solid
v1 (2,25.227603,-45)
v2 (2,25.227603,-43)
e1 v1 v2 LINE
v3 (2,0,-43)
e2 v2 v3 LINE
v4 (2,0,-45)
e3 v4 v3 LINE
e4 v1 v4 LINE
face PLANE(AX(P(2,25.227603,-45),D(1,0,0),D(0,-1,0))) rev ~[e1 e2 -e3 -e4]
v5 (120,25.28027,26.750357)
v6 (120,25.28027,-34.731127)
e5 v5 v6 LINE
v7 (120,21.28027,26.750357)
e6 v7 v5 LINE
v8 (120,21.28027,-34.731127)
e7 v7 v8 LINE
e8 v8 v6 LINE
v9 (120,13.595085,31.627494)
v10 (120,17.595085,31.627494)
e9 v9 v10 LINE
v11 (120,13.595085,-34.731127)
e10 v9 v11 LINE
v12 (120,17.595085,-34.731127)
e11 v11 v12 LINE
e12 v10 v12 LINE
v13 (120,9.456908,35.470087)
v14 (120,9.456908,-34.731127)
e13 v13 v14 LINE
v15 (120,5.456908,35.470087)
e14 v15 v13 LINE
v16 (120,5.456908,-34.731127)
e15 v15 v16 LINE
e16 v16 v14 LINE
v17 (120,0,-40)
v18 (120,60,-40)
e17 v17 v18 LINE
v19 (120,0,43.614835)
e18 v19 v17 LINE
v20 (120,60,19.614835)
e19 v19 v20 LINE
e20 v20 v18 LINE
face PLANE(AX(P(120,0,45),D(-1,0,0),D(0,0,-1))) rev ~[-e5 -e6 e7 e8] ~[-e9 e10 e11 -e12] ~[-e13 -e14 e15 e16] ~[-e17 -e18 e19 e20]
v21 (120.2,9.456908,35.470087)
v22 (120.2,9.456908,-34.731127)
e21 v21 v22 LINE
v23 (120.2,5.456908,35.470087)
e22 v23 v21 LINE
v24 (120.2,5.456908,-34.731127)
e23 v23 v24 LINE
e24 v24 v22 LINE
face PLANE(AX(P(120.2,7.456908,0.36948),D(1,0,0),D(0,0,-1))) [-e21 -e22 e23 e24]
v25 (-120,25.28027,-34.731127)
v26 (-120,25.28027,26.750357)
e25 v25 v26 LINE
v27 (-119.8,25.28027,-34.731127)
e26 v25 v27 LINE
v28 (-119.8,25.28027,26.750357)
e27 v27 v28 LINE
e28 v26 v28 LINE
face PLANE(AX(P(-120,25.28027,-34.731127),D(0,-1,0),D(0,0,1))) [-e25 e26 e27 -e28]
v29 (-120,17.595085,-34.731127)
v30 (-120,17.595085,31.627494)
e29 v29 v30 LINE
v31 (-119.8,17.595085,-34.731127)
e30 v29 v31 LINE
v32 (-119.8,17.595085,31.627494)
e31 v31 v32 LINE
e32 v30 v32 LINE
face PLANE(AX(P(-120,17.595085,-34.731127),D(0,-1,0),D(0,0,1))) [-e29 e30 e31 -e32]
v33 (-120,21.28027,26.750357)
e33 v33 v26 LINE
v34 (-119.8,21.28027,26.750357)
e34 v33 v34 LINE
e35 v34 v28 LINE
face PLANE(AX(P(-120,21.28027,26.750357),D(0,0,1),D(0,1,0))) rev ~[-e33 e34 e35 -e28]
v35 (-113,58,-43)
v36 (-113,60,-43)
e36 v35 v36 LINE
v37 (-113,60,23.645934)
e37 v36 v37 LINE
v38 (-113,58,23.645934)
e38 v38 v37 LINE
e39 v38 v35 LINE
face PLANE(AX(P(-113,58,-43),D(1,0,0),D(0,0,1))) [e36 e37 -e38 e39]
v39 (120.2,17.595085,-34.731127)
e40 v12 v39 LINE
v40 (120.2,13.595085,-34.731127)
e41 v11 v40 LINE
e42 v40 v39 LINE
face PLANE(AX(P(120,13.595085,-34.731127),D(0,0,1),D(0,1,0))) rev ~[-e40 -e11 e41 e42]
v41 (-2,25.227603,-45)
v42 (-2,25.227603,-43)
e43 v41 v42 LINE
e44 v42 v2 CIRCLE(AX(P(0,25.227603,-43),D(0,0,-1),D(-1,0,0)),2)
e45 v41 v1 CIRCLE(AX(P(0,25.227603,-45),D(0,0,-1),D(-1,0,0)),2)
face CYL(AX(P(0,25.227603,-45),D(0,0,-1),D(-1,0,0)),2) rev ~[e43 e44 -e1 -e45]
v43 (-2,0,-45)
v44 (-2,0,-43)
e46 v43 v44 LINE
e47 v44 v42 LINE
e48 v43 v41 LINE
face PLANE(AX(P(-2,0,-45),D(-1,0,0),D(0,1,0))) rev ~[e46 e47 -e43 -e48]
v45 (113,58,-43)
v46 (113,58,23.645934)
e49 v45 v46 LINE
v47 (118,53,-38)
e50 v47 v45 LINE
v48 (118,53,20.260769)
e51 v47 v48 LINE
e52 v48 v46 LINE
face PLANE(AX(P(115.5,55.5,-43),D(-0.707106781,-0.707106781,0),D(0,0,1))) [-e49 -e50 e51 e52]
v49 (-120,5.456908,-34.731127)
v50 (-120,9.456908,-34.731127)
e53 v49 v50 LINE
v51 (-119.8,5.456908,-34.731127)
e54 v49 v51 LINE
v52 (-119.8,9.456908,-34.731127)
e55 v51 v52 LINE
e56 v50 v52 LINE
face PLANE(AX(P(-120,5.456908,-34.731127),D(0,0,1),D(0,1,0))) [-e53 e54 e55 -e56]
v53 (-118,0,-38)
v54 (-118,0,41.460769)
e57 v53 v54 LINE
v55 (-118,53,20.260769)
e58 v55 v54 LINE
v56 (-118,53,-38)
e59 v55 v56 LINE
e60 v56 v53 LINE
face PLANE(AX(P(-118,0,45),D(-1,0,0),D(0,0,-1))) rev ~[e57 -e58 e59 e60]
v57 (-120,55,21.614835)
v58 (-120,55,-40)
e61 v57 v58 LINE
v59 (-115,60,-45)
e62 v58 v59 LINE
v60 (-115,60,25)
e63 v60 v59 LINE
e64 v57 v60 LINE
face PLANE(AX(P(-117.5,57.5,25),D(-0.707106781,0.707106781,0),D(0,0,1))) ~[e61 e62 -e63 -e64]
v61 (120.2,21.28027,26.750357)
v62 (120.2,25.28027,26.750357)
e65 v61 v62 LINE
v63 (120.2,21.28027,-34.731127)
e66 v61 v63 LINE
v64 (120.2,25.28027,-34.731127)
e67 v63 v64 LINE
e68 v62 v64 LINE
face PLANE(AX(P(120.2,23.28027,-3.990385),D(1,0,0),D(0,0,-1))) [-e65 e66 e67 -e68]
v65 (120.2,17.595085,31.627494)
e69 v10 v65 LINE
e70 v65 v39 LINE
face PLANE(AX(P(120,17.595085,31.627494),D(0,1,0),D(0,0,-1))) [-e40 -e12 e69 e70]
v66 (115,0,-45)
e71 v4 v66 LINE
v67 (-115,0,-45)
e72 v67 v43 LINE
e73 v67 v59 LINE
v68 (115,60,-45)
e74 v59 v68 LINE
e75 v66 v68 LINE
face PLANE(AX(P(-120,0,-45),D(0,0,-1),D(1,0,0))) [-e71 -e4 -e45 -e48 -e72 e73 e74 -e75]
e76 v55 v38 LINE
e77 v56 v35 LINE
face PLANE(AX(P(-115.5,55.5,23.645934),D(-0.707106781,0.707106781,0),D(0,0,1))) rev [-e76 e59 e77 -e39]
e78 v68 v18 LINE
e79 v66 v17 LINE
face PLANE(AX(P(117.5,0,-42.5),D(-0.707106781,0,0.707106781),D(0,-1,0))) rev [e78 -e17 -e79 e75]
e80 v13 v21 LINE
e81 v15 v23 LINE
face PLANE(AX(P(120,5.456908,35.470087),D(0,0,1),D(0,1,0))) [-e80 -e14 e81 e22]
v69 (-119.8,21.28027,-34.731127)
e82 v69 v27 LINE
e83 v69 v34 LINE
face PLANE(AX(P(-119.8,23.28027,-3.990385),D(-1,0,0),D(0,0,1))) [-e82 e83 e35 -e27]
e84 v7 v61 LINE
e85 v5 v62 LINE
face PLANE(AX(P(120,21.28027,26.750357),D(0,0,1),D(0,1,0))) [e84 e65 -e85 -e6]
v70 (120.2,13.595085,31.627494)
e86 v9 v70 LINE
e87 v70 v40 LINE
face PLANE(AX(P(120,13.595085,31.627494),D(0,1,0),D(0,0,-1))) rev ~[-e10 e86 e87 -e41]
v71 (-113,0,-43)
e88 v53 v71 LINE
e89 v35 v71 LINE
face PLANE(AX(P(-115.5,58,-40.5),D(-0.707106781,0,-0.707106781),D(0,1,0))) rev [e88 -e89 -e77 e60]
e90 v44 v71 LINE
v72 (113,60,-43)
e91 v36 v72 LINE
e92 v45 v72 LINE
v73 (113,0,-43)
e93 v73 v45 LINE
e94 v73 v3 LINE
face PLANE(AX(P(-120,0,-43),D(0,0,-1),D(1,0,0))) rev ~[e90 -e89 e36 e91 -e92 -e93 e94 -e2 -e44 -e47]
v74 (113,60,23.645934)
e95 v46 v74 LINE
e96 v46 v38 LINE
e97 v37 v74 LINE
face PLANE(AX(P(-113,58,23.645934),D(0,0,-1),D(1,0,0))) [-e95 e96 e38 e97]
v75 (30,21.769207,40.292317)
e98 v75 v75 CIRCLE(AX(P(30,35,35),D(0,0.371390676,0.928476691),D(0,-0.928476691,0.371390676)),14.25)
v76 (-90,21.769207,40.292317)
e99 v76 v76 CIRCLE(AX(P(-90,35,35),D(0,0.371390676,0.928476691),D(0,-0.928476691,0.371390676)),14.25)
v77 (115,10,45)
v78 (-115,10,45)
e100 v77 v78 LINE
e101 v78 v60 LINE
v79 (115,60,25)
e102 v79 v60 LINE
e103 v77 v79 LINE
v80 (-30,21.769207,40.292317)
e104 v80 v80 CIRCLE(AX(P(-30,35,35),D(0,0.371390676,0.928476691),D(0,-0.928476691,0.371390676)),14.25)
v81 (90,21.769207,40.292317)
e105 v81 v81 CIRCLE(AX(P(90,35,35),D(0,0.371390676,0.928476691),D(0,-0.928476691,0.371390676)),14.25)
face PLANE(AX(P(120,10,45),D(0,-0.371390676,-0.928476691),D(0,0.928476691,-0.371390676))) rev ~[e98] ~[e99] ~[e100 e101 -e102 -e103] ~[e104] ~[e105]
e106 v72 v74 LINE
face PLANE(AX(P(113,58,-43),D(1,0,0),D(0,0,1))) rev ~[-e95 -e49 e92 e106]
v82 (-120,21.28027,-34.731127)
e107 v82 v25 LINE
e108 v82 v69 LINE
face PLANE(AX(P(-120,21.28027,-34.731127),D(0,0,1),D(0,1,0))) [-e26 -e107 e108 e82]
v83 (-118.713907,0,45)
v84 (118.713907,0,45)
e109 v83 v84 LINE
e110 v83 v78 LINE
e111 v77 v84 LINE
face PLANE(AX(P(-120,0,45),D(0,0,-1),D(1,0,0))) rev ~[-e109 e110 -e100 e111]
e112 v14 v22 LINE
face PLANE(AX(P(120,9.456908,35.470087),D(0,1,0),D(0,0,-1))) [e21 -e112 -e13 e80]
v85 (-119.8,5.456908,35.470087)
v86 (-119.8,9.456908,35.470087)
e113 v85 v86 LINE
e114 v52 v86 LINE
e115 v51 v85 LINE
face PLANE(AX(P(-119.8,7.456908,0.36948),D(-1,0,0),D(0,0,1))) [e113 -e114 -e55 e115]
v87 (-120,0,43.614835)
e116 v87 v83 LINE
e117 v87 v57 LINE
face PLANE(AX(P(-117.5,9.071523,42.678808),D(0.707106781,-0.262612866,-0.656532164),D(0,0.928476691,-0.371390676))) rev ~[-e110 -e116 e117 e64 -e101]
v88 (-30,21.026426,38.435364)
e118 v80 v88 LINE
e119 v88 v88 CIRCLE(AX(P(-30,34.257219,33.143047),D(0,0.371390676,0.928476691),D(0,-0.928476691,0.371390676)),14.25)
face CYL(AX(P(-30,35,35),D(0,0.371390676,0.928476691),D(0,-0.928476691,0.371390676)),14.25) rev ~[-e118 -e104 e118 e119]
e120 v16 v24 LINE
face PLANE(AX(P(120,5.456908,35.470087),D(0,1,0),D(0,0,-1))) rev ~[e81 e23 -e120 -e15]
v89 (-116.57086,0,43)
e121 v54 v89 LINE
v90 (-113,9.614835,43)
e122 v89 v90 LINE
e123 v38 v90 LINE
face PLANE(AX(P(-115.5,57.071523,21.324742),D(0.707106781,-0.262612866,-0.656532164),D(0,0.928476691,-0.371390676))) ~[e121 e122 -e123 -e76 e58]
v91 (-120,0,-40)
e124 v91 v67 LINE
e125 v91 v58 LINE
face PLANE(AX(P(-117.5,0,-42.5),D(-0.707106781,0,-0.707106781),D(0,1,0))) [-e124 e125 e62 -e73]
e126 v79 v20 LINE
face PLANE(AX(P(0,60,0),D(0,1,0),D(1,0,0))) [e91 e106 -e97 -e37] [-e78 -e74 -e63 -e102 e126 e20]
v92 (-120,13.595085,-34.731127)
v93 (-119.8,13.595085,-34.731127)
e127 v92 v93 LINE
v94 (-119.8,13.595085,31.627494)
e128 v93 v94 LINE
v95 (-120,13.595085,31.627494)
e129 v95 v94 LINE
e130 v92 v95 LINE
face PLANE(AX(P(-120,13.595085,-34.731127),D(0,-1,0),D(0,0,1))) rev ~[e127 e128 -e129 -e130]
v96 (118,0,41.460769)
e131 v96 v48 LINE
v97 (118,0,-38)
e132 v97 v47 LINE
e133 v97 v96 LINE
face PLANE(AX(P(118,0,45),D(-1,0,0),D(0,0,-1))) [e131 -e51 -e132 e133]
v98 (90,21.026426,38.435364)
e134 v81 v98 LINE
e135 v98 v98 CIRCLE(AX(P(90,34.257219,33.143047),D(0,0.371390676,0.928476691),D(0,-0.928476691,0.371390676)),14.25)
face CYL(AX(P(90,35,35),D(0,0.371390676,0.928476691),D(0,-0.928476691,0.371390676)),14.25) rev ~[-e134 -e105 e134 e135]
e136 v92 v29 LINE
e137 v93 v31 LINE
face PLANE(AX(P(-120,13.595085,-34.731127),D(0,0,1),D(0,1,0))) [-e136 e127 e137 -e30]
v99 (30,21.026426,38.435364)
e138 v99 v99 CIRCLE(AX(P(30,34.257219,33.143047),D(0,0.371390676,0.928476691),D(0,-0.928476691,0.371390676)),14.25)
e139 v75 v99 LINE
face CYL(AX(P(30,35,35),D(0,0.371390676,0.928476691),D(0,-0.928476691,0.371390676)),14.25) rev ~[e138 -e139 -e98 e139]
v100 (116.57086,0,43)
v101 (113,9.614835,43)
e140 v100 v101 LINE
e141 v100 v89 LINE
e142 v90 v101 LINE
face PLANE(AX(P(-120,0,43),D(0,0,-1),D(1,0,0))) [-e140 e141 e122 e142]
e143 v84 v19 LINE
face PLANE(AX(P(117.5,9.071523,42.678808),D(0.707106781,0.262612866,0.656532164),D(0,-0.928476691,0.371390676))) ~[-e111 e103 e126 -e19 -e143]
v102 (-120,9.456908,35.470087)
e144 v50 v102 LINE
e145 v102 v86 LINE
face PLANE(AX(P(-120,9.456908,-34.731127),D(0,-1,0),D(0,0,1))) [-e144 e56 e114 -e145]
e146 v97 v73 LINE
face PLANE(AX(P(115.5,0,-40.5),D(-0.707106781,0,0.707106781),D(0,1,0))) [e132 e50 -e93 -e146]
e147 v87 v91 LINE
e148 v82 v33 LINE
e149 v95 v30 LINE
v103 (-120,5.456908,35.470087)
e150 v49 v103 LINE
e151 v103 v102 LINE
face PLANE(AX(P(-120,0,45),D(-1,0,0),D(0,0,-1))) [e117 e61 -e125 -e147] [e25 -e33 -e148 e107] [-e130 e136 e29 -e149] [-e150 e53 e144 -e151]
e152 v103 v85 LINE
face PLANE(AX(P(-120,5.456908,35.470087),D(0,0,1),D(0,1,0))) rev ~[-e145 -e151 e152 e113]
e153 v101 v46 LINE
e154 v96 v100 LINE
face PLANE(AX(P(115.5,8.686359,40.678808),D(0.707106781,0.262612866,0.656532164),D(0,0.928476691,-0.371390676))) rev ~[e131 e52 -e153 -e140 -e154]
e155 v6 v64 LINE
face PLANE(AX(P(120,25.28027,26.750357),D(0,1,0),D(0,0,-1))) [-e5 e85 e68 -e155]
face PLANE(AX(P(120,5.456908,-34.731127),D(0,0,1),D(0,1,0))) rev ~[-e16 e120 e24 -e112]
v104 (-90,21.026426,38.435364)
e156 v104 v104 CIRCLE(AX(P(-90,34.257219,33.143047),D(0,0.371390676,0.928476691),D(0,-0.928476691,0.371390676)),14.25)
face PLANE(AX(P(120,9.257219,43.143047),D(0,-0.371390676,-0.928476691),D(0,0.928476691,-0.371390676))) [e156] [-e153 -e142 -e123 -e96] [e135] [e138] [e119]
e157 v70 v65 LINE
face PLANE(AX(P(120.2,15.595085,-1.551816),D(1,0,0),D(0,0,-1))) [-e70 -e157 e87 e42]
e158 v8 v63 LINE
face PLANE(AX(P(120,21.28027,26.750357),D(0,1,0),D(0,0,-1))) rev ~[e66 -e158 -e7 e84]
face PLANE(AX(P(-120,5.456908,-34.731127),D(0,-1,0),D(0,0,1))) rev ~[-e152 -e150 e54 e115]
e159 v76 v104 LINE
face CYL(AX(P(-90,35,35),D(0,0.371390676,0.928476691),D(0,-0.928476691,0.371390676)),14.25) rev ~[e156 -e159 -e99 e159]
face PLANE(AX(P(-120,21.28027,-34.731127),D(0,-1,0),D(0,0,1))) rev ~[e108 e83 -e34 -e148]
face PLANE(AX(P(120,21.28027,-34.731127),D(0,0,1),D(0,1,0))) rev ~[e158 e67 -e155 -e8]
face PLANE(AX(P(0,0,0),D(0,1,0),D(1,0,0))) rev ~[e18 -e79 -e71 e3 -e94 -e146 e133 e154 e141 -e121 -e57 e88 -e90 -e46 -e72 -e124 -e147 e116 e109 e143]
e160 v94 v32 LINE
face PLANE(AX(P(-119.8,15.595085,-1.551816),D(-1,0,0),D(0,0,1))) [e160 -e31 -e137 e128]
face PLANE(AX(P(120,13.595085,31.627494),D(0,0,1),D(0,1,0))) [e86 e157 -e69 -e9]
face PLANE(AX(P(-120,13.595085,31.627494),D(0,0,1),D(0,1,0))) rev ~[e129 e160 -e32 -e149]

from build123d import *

# Parameters (mm, degrees)
CROQUIS1_W              = 240
CROQUIS1_H              = 90
SALIENTE_EXTRUIR1_DEPTH = 60
CORTAR_EXTRUIR1_DEPTH   = 240
VACIADO1_T              = -2
CROQUIS3_R              = 14.25
CORTAR_EXTRUIR2_DEPTH   = 2
CHAFL_N1_SIZE           = 5
CROQUIS6_W              = 226
CROQUIS6_H              = 66.645934077
CORTAR_EXTRUIR6_DEPTH   = 2
CROQUIS4_W              = 70.201214056
CROQUIS4_H              = 4
CROQUIS4_W_2            = 66.358621287
CROQUIS4_W_3            = 61.48148431
SALIENTE_EXTRUIR4_DEPTH = 0.2
CROQUIS7_W              = 61.48148431
CROQUIS7_H              = 4
CROQUIS7_W_2            = 66.358621287
CROQUIS7_W_3            = 70.201214056
CORTAR_EXTRUIR7_DEPTH   = 0.2
CORTAR_EXTRUIR8_DEPTH   = 10


with BuildPart() as part:
    # Croquis1 → Saliente-Extruir1 (new body)
    with BuildSketch(Plane(origin=(0, 0, 0), x_dir=(1, 0, 0), z_dir=(0, 1, 0))):
        Rectangle(CROQUIS1_W, CROQUIS1_H)
    extrude(amount=SALIENTE_EXTRUIR1_DEPTH)

    # Croquis2 → Cortar-Extruir1 (cut)
    with BuildSketch(Plane(origin=(120, 0, 0), x_dir=(0, 0, -1), z_dir=(1, 0, 0))):
        Polygon((-45, 10), (-25, 60), (-45, 60), align=None)
    extrude(amount=-CORTAR_EXTRUIR1_DEPTH, mode=Mode.SUBTRACT)

    # Vaciado1
    vaciado1_openings = [part.faces().sort_by_distance(p)[0] for p in [
        (0, 0, 0),
    ]]
    offset(amount=VACIADO1_T, openings=vaciado1_openings, kind=Kind.INTERSECTION)

    # Croquis3 → Cortar-Extruir2 (cut)
    with BuildSketch(Plane(origin=(0, 16.896551724, 42.24137931), x_dir=(1, 0, 0), z_dir=(0, 0.3713906763541038, 0.9284766908852594))):
        with Locations(Location((-90, 19.498010509, 0), (0, 0, 270))):
            Circle(CROQUIS3_R)
        with Locations(Location((-30, 19.498010509, 0), (0, 0, 270))):
            Circle(CROQUIS3_R)
        with Locations(Location((30, 19.498010509, 0), (0, 0, 270))):
            Circle(CROQUIS3_R)
        with Locations(Location((90, 19.498010509, 0), (0, 0, 270))):
            Circle(CROQUIS3_R)
    extrude(amount=-CORTAR_EXTRUIR2_DEPTH, mode=Mode.SUBTRACT)

    # Chaflán1
    chafl_n1_edges = [part.edges().sort_by_distance(p)[0] for p in [
        (-120, 35, 35),
        (-118, 33.807417596, 33.322967039),
        (118, 33.807417596, 33.322967039),
        (120, 35, 35),
        (-120, 60, -10),
        (-120, 30, -45),
        (-118, 29, -43),
        (-118, 58, -9.677032961),
        (118, 58, -9.677032961),
        (120, 30, -45),
        (118, 29, -43),
    ]]
    chamfer(chafl_n1_edges, length=CHAFL_N1_SIZE)

    # Croquis6 → Cortar-Extruir6 (cut)
    with BuildSketch(Plane.XZ.offset(-58)):
        with Locations((0, -9.677032962)):
            Rectangle(CROQUIS6_W, CROQUIS6_H)
    extrude(amount=-CORTAR_EXTRUIR6_DEPTH, mode=Mode.SUBTRACT)

    # Croquis4 → Saliente-Extruir4 (add)
    with BuildSketch(Plane(origin=(120, 0, 0), x_dir=(0, 0, -1), z_dir=(1, 0, 0))):
        with Locations((-0.369480074, 7.456907887)):
            Rectangle(CROQUIS4_W, CROQUIS4_H)
        with Locations((1.551816311, 15.595084715)):
            Rectangle(CROQUIS4_W_2, CROQUIS4_H)
        with Locations((3.990384799, 23.280270254)):
            Rectangle(CROQUIS4_W_3, CROQUIS4_H)
    extrude(amount=SALIENTE_EXTRUIR4_DEPTH)

    # Croquis7 → Cortar-Extruir7 (cut)
    with BuildSketch(Plane.ZY.offset(120)):
        with Locations((-3.990384799, 23.280270254)):
            Rectangle(CROQUIS7_W, CROQUIS7_H)
        with Locations((-1.551816311, 15.595084715)):
            Rectangle(CROQUIS7_W_2, CROQUIS7_H)
        with Locations((0.369480074, 7.456907887)):
            Rectangle(CROQUIS7_W_3, CROQUIS7_H)
    extrude(amount=-CORTAR_EXTRUIR7_DEPTH, mode=Mode.SUBTRACT)

    # Croquis9 → Cortar-Extruir8 (cut)
    with BuildSketch(Plane(origin=(0, 0, -45), x_dir=(-1, 0, 0), z_dir=(0, 0, -1))):
        with BuildLine():
            Line((-2, 0), (2, 0))
            Line((2, 0), (2, 25.227603125))
            ThreePointArc((2, 25.227603125), (0, 27.227603125), (-2, 25.227603125))
            Line((-2, 25.227603125), (-2, 0))
        make_face()
    extrude(amount=-CORTAR_EXTRUIR8_DEPTH, mode=Mode.SUBTRACT)


solid = part.part
